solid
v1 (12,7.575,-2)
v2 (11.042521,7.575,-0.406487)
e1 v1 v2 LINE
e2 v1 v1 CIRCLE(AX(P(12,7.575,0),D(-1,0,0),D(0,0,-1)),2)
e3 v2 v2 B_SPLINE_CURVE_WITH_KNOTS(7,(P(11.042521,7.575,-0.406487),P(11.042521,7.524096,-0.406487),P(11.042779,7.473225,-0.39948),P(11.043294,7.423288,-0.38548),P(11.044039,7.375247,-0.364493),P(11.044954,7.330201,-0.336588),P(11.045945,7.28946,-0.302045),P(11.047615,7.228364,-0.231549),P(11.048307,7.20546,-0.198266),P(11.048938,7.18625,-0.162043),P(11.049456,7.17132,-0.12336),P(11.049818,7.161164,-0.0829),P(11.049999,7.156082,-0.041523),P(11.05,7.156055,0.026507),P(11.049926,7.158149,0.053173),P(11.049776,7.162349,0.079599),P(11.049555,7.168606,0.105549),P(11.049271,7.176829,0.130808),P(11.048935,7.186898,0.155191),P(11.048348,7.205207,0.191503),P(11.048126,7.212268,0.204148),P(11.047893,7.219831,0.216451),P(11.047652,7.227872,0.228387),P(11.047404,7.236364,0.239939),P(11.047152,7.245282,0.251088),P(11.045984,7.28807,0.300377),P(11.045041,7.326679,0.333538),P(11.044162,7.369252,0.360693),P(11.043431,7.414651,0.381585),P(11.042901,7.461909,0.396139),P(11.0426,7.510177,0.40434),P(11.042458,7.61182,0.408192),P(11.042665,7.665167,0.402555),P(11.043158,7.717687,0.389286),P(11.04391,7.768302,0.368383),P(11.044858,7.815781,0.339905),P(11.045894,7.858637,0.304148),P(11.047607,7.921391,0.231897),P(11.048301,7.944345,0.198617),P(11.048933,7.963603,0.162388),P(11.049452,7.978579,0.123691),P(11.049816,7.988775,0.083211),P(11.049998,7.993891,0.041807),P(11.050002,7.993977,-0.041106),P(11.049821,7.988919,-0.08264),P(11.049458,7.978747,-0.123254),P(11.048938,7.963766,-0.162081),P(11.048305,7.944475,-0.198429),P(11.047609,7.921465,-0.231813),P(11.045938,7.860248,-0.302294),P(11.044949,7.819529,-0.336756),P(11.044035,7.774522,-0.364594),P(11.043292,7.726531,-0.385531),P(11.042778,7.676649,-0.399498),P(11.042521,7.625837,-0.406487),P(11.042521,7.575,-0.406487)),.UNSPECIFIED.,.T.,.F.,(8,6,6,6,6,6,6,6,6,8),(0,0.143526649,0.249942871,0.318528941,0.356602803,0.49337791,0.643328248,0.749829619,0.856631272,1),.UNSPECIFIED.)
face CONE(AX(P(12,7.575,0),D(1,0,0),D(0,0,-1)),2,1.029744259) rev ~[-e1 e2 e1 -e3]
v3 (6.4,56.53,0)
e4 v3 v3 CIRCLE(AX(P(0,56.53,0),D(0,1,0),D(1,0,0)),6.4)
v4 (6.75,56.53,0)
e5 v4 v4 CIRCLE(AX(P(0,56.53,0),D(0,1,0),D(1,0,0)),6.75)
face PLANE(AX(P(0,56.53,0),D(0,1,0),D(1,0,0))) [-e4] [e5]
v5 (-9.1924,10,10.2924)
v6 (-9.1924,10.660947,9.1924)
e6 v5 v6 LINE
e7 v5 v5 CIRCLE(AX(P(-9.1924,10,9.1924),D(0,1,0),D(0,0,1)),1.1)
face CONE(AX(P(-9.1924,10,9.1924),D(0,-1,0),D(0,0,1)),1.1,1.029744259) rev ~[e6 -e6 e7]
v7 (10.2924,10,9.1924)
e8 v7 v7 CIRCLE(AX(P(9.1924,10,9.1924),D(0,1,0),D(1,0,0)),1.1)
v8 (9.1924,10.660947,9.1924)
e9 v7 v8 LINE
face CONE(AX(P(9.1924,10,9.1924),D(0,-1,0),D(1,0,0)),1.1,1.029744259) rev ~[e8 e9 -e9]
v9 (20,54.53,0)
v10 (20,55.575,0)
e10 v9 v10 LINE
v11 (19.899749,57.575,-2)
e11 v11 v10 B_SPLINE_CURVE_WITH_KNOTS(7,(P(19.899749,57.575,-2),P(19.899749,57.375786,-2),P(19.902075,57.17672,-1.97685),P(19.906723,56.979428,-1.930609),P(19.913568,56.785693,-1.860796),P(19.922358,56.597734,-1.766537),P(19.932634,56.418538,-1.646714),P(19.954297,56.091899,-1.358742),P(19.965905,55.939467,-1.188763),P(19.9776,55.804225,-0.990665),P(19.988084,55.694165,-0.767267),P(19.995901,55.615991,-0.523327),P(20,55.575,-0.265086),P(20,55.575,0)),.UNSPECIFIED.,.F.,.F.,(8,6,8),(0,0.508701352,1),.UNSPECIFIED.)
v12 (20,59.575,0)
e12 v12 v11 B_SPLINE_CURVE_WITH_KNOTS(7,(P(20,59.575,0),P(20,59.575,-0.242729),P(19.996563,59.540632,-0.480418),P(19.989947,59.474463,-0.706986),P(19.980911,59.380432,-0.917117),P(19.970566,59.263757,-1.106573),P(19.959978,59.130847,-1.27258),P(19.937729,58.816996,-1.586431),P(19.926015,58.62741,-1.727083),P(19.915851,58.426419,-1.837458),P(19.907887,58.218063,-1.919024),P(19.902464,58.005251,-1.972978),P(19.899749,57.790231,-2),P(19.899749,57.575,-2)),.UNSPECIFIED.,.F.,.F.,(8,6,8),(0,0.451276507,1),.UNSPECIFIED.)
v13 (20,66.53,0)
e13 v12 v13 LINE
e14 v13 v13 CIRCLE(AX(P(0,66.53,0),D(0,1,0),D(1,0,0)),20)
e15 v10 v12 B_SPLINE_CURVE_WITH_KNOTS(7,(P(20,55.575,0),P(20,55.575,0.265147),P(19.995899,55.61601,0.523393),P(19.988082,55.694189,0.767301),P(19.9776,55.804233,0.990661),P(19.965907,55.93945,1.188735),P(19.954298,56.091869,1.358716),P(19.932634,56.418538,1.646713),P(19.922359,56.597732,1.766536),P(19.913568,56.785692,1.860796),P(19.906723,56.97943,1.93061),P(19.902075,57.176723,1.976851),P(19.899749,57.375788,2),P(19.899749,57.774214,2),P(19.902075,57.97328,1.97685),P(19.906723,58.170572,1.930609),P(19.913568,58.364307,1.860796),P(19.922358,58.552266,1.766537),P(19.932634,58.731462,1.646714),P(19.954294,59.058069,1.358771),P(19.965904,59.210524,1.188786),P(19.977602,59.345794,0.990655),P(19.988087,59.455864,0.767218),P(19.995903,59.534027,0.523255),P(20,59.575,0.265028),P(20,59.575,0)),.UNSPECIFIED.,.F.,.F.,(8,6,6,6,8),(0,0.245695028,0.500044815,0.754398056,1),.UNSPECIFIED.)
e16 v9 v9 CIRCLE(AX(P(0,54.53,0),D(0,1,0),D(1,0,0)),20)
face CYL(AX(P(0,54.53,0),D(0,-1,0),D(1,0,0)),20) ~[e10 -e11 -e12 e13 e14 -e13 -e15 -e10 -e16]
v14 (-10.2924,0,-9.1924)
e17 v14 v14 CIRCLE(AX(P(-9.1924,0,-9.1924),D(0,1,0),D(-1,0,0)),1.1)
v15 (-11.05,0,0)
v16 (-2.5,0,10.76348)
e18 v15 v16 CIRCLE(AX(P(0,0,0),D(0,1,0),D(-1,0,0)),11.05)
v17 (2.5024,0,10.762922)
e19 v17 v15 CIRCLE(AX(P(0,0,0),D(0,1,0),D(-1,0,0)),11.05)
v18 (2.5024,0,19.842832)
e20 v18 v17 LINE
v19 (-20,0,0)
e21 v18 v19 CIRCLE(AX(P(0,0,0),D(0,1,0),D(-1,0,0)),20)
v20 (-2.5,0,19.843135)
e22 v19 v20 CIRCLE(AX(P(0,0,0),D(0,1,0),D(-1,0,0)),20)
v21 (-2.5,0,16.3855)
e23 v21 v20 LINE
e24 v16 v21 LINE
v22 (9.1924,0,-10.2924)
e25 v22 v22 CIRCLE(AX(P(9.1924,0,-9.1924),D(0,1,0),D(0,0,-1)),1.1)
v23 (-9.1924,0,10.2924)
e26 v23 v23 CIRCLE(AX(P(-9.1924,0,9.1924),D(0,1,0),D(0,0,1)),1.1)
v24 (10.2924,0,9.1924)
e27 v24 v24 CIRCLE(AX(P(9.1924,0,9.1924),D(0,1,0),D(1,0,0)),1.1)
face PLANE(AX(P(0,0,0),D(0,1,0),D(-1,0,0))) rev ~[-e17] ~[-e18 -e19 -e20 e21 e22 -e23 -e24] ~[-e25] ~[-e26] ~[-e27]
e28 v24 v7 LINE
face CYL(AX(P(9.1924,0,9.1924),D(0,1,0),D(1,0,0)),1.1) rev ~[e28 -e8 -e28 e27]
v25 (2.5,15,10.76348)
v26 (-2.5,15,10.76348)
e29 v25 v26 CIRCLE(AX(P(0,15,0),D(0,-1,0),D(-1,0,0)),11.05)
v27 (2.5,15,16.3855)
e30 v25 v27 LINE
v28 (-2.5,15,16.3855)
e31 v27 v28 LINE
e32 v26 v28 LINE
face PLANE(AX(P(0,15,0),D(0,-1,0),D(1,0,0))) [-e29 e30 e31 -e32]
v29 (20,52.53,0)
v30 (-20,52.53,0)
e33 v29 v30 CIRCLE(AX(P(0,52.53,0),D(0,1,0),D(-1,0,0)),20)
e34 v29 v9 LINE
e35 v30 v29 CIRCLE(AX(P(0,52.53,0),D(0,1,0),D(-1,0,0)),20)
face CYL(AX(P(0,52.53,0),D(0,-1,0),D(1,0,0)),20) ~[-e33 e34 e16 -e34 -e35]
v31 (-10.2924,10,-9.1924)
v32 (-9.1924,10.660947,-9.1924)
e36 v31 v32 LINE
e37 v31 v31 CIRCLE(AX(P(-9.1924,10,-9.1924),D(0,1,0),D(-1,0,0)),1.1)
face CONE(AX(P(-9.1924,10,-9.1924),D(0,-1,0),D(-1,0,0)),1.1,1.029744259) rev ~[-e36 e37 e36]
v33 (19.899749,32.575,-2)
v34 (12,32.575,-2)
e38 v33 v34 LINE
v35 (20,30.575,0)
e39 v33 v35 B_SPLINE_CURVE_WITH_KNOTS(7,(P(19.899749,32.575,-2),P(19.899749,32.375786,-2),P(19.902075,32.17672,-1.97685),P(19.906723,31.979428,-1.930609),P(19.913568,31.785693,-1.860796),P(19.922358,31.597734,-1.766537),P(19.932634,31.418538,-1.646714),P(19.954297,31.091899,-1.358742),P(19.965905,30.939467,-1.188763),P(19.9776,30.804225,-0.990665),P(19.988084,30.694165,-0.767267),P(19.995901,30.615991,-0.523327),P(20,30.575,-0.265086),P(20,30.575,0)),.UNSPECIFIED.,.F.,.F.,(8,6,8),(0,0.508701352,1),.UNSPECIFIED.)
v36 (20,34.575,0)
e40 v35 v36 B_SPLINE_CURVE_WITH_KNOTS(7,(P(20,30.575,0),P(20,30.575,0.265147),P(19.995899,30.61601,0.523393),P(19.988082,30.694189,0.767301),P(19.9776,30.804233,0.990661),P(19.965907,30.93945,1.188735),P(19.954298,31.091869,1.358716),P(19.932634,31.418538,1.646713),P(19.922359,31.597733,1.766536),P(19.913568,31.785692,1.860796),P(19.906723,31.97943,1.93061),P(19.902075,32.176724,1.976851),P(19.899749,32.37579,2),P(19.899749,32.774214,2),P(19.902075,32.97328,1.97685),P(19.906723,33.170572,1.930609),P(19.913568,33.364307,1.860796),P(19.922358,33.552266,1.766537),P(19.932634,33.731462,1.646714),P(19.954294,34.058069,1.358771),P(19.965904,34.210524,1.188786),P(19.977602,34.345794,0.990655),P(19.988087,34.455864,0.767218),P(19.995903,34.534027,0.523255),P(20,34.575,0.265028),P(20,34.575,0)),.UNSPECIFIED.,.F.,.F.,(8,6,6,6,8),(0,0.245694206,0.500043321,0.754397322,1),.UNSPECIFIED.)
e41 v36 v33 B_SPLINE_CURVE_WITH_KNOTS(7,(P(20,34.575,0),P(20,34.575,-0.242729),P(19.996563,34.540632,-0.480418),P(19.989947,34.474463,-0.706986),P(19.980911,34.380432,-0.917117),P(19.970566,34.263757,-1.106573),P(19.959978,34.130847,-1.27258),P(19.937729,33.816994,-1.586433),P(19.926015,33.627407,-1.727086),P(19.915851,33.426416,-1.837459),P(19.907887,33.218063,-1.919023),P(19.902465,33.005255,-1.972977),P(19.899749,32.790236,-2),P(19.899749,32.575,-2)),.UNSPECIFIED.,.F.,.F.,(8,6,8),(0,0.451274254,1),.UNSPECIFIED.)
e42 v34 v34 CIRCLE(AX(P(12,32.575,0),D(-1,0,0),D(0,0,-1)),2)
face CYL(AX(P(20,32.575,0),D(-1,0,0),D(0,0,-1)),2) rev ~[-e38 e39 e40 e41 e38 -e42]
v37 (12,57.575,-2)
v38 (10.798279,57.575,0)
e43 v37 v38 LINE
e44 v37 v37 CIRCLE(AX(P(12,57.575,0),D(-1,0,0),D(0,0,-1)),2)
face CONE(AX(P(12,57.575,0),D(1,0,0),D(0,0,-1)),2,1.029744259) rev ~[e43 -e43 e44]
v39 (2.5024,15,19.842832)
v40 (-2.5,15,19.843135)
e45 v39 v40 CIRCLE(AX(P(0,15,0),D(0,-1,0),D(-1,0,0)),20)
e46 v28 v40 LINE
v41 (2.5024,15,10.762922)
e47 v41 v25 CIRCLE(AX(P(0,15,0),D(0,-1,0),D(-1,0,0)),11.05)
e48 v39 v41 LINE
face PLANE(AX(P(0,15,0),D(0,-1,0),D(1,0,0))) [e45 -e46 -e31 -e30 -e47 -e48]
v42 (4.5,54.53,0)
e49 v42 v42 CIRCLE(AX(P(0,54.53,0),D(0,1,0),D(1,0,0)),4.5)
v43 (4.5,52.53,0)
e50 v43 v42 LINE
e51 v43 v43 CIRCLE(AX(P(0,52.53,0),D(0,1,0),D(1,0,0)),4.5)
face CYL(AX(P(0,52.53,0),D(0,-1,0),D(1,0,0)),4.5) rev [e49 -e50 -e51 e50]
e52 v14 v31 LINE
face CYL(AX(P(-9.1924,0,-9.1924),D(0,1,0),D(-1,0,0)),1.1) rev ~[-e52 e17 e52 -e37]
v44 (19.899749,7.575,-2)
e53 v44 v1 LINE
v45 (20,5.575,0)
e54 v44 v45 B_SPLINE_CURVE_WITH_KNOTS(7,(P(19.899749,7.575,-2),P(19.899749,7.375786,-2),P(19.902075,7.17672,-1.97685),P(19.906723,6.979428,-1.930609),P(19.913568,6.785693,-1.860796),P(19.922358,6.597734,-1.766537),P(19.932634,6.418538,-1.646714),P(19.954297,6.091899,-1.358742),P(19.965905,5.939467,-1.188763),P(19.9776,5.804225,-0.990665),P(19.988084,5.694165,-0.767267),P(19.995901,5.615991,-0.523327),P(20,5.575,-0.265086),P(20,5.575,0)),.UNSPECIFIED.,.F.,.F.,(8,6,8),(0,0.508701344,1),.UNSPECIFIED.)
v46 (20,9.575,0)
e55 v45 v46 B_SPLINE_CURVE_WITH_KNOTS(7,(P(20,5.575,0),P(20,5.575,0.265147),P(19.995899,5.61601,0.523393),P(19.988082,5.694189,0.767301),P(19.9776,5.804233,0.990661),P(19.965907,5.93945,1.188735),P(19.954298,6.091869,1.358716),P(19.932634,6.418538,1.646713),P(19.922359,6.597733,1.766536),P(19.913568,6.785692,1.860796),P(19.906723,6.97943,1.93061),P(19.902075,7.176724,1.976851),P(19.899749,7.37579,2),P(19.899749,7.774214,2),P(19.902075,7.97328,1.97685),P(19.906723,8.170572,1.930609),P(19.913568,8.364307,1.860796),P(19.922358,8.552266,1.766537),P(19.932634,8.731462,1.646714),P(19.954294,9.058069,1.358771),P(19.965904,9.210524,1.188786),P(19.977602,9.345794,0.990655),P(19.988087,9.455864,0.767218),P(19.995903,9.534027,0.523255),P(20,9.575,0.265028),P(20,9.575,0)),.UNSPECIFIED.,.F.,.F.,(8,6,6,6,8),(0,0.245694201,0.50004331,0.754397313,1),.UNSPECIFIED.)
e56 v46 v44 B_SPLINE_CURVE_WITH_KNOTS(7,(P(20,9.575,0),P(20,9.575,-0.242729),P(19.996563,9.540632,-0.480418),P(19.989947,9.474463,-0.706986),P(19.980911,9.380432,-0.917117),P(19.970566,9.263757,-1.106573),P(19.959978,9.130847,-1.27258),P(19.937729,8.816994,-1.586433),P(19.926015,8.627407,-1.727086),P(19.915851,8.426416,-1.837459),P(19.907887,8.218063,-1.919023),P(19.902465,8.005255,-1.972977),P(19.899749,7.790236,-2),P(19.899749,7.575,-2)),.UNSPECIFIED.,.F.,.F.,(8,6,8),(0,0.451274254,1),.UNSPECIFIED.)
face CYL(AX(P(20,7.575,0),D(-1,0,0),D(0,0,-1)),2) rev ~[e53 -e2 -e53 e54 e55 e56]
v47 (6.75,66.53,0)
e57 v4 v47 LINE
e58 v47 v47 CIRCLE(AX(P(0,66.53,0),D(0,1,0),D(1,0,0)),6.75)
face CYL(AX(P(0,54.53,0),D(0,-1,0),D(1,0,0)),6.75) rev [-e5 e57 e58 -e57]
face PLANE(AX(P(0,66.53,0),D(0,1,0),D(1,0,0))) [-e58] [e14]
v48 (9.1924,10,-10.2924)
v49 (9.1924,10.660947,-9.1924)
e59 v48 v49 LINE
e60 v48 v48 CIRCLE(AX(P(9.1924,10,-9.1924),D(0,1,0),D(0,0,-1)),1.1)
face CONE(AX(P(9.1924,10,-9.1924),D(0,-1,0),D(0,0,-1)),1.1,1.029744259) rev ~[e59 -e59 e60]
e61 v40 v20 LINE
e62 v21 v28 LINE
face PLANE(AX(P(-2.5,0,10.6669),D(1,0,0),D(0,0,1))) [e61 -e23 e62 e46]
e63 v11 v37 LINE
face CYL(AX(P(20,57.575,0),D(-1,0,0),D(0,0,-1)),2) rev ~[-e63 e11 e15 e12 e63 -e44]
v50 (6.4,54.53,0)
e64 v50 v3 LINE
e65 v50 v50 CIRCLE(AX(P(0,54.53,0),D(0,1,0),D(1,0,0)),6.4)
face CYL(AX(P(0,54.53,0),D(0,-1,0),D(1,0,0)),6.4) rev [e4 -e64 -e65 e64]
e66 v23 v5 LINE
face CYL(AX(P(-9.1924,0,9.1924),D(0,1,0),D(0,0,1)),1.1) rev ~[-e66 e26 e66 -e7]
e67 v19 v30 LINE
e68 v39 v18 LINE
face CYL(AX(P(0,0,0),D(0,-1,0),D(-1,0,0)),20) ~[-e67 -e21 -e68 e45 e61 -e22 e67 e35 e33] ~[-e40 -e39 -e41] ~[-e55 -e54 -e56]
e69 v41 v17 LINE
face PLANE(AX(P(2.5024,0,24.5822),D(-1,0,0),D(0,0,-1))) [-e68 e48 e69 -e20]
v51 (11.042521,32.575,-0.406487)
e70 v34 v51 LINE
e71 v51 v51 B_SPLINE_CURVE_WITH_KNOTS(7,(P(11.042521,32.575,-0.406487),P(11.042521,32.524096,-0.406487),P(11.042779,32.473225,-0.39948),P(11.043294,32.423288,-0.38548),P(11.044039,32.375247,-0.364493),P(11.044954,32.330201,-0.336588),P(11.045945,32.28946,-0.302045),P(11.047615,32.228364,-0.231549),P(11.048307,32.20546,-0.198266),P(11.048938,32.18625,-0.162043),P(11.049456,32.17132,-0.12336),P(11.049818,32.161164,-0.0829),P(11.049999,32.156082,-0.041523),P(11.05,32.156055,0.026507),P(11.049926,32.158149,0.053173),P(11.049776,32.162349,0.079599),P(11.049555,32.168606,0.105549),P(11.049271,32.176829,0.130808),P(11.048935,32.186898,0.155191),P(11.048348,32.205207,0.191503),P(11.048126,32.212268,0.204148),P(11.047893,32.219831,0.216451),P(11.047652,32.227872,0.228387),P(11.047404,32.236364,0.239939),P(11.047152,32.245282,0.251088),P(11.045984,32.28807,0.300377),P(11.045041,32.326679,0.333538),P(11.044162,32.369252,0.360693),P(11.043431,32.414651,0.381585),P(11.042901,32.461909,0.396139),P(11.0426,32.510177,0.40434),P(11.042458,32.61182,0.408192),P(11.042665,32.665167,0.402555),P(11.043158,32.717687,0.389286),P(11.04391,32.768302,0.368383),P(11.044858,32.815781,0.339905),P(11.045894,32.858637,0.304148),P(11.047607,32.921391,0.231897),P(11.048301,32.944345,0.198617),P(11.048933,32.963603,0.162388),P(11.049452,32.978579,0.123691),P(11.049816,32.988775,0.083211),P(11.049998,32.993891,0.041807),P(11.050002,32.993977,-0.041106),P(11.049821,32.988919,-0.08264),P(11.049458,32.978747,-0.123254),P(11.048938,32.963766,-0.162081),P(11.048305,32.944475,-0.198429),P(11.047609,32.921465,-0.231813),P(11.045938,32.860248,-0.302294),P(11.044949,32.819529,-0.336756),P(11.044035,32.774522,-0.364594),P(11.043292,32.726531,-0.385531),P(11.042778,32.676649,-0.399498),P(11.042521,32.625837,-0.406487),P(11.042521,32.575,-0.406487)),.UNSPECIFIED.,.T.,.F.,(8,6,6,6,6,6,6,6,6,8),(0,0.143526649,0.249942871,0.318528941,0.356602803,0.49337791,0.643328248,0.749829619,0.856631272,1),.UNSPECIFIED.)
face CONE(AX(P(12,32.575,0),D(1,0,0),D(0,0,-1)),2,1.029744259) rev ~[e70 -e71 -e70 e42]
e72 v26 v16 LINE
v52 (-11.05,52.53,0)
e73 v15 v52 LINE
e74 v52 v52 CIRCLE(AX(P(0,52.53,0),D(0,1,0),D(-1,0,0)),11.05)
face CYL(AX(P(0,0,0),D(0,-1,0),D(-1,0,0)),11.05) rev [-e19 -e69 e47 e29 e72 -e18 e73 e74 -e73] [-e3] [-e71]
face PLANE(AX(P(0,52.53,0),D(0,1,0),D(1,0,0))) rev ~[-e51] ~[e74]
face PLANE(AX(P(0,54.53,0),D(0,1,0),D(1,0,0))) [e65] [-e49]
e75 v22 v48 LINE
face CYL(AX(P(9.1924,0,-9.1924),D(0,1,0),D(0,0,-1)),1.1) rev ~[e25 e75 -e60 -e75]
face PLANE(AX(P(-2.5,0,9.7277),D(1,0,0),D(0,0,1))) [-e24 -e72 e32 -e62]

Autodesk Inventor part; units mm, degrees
ref_plane "XZ Plane" through (0, 0, 0) normal (0, 1, 0) x (-1, 0, 0)
ref_plane "XY Plane" through (0, 0, 0) normal (0, 0, 1) x (1, 0, 0)
sketch "Sketch1" plane through (0, 0, 0) normal (0, 1, 0) x (-1, 0, 0)
  circle A0 centre (0, 0) radius 20
  circle A1 centre (0, 0) radius 11.05
  dimension "d0" = 40
  dimension "d1" = 22.1
extrude "Extrusion1" add sketch "Sketch1" along normal blind 52.53
sketch "Sketch2" plane through (0, 0, 0) normal (0, -1, 0) x (1, 0, 0)
  circle A0 centre (0, 0) radius 13
  line L0 (0, 0) -> (9.1924, 0)
  line L1 (9.1924, 0) -> (9.1924, -9.1924)
  line L2 (9.1924, -9.1924) -> (0, -9.1924)
  line L3 (0, -9.1924) -> (0, 0)
  dimension "d4" = 26
  dimension "d5" = 9.1924
hole "Hole1" at (9.1924, 0, -9.1924) direction (0, 1, 0) diameter 2.2 depth 10 tip angle 118
pattern_circular "Circular Pattern1" count 4 over 360 about axis through (0, 0, 0) along (0, 1, 0) of "Hole1"
thread "Thread1" size "M2.2x0.25" class "6H" standard "ISO Metric profile" full length
thread "Thread3" size "M2.2x0.25" class "6H" standard "ISO Metric profile" full length
thread "Thread4" size "M2.2x0.25" class "6H" standard "ISO Metric profile" full length
thread "Thread5" size "M2.2x0.25" class "6H" standard "ISO Metric profile" full length
sketch "Sketch3" plane through (0, 52.53, 0) normal (0, 1, 0) x (1, 0, 0)
  circle A0 centre (0, 0) radius 20
  circle A1 centre (0, 0) radius 4.5
  dimension "d26" = 40
  dimension "d27" = 9
extrude "Extrusion2" add sketch "Sketch3" along normal blind 2
sketch "Sketch4" plane through (0, 54.53, 0) normal (0, 1, 0) x (1, 0, 0)
  point P0 (0, 0)
sketch "Sketch5" plane through (0, 54.53, 0) normal (0, 1, 0) x (1, 0, 0)
  circle A0 centre (0, 0) radius 6.75
  circle A1 centre (0, 0) radius 20
  dimension "d30" = 13.5
  dimension "d31" = 40
extrude "Extrusion3" add sketch "Sketch5" along normal blind 12
thread "Thread6" size "M14x0.5" class "6H" standard "ISO Metric profile" full length
sketch "Sketch8" plane through (0, 0, 0) normal (0, -1, 0) x (1, 0, 0)
  point P0 (0, 0)
sketch "Sketch9" plane through (0, 0, 0) normal (0, -1, 0) x (1, 0, 0)
  line L0 (0, 9.7277) -> (2.5, 9.7277)
  line L1 (2.5, 9.7277) -> (2.5, 16.3855)
  line L2 (2.5, 16.3855) -> (0, 16.3855)
  line L3 (0, 16.3855) -> (0, 9.7277)
  line L4 (0, 9.7277) -> (-2.5, 9.7277)
  line L5 (-2.5, 9.7277) -> (-2.5, 16.3855)
  line L6 (-2.5, 16.3855) -> (0, 16.3855)
  line L7 (0, 16.3855) -> (0, 9.7277)
  point P0 (0, 0)
  dimension "d1" = 22.1
  dimension "d54" = 2.5
  dimension "d55" = 2.5
extrude "Extrusion4" cut sketch "Sketch9" against normal blind 15
sketch "Sketch10" plane through (0, 0, 0) normal (1, 0, 0) x (0, 1, 0)
  point P0 (0, 0)
ref_plane "Work Plane1" through (20, 0, 0) normal (1, 0, 0) x (0, 1, 0)
sketch "Sketch15" plane through (0, 0, 0) normal (0, -1, 0) x (1, 0, 0)
  line L0 (2.5024, 10.6669) -> (-2.5, 10.6669)
  line L1 (-2.5, 10.6669) -> (-2.5, 24.5822)
  line L2 (-2.5, 24.5822) -> (2.5024, 24.5822)
  line L3 (2.5024, 24.5822) -> (2.5024, 10.6669)
  point P0 (0, 0)
extrude "Extrusion5" cut sketch "Sketch15" against normal blind 15
sketch "Sketch18" plane through (20, 0, 0) normal (1, 0, 0) x (0, 1, 0)
  line L0 (0, 0) -> (7.575, 0)
  line L1 (7.575, 0) -> (32.575, 0)
  line L2 (32.575, 0) -> (57.575, 0)
  dimension "d102" = 7.575
  dimension "d103" = 25
  dimension "d104" = 25
  dimension "d105" = 180
hole "Hole6" at (20, 57.575, 0) direction (-1, 0, 0) diameter 4 depth 8 tip angle 118
hole "Hole7" at (20, 7.575, 0) at (20, 32.575, 0) direction (-1, 0, 0) diameter 4 depth 8 tip angle 118
thread "Thread7" size "M4x0.7" class "6H" standard "ANSI Metric M Profile" full length
thread "Thread8" size "M4x0.7" class "6H" standard "ANSI Metric M Profile" full length
thread "Thread9" size "M4x0.7" class "6H" standard "ANSI Metric M Profile" full length
sketch "Sketch19" plane through (0, 54.53, 0) normal (0, 1, 0) x (1, 0, 0)
  circle A0 centre (0, 0) radius 6.75
  circle A1 centre (0, 0) radius 6.4
  dimension "d128" = 13.5
  dimension "d129" = 12.8
extrude "Extrusion6" add sketch "Sketch19" along normal blind 2
thread "Thread11" size "M14x0.5" class "6H" standard "ANSI Metric M Profile" length 10
equation "\"d43\" = 60deg"
equation "\"Sketch6_Pitch\" = 0.5"
properties part number "16ghzenclosure"
